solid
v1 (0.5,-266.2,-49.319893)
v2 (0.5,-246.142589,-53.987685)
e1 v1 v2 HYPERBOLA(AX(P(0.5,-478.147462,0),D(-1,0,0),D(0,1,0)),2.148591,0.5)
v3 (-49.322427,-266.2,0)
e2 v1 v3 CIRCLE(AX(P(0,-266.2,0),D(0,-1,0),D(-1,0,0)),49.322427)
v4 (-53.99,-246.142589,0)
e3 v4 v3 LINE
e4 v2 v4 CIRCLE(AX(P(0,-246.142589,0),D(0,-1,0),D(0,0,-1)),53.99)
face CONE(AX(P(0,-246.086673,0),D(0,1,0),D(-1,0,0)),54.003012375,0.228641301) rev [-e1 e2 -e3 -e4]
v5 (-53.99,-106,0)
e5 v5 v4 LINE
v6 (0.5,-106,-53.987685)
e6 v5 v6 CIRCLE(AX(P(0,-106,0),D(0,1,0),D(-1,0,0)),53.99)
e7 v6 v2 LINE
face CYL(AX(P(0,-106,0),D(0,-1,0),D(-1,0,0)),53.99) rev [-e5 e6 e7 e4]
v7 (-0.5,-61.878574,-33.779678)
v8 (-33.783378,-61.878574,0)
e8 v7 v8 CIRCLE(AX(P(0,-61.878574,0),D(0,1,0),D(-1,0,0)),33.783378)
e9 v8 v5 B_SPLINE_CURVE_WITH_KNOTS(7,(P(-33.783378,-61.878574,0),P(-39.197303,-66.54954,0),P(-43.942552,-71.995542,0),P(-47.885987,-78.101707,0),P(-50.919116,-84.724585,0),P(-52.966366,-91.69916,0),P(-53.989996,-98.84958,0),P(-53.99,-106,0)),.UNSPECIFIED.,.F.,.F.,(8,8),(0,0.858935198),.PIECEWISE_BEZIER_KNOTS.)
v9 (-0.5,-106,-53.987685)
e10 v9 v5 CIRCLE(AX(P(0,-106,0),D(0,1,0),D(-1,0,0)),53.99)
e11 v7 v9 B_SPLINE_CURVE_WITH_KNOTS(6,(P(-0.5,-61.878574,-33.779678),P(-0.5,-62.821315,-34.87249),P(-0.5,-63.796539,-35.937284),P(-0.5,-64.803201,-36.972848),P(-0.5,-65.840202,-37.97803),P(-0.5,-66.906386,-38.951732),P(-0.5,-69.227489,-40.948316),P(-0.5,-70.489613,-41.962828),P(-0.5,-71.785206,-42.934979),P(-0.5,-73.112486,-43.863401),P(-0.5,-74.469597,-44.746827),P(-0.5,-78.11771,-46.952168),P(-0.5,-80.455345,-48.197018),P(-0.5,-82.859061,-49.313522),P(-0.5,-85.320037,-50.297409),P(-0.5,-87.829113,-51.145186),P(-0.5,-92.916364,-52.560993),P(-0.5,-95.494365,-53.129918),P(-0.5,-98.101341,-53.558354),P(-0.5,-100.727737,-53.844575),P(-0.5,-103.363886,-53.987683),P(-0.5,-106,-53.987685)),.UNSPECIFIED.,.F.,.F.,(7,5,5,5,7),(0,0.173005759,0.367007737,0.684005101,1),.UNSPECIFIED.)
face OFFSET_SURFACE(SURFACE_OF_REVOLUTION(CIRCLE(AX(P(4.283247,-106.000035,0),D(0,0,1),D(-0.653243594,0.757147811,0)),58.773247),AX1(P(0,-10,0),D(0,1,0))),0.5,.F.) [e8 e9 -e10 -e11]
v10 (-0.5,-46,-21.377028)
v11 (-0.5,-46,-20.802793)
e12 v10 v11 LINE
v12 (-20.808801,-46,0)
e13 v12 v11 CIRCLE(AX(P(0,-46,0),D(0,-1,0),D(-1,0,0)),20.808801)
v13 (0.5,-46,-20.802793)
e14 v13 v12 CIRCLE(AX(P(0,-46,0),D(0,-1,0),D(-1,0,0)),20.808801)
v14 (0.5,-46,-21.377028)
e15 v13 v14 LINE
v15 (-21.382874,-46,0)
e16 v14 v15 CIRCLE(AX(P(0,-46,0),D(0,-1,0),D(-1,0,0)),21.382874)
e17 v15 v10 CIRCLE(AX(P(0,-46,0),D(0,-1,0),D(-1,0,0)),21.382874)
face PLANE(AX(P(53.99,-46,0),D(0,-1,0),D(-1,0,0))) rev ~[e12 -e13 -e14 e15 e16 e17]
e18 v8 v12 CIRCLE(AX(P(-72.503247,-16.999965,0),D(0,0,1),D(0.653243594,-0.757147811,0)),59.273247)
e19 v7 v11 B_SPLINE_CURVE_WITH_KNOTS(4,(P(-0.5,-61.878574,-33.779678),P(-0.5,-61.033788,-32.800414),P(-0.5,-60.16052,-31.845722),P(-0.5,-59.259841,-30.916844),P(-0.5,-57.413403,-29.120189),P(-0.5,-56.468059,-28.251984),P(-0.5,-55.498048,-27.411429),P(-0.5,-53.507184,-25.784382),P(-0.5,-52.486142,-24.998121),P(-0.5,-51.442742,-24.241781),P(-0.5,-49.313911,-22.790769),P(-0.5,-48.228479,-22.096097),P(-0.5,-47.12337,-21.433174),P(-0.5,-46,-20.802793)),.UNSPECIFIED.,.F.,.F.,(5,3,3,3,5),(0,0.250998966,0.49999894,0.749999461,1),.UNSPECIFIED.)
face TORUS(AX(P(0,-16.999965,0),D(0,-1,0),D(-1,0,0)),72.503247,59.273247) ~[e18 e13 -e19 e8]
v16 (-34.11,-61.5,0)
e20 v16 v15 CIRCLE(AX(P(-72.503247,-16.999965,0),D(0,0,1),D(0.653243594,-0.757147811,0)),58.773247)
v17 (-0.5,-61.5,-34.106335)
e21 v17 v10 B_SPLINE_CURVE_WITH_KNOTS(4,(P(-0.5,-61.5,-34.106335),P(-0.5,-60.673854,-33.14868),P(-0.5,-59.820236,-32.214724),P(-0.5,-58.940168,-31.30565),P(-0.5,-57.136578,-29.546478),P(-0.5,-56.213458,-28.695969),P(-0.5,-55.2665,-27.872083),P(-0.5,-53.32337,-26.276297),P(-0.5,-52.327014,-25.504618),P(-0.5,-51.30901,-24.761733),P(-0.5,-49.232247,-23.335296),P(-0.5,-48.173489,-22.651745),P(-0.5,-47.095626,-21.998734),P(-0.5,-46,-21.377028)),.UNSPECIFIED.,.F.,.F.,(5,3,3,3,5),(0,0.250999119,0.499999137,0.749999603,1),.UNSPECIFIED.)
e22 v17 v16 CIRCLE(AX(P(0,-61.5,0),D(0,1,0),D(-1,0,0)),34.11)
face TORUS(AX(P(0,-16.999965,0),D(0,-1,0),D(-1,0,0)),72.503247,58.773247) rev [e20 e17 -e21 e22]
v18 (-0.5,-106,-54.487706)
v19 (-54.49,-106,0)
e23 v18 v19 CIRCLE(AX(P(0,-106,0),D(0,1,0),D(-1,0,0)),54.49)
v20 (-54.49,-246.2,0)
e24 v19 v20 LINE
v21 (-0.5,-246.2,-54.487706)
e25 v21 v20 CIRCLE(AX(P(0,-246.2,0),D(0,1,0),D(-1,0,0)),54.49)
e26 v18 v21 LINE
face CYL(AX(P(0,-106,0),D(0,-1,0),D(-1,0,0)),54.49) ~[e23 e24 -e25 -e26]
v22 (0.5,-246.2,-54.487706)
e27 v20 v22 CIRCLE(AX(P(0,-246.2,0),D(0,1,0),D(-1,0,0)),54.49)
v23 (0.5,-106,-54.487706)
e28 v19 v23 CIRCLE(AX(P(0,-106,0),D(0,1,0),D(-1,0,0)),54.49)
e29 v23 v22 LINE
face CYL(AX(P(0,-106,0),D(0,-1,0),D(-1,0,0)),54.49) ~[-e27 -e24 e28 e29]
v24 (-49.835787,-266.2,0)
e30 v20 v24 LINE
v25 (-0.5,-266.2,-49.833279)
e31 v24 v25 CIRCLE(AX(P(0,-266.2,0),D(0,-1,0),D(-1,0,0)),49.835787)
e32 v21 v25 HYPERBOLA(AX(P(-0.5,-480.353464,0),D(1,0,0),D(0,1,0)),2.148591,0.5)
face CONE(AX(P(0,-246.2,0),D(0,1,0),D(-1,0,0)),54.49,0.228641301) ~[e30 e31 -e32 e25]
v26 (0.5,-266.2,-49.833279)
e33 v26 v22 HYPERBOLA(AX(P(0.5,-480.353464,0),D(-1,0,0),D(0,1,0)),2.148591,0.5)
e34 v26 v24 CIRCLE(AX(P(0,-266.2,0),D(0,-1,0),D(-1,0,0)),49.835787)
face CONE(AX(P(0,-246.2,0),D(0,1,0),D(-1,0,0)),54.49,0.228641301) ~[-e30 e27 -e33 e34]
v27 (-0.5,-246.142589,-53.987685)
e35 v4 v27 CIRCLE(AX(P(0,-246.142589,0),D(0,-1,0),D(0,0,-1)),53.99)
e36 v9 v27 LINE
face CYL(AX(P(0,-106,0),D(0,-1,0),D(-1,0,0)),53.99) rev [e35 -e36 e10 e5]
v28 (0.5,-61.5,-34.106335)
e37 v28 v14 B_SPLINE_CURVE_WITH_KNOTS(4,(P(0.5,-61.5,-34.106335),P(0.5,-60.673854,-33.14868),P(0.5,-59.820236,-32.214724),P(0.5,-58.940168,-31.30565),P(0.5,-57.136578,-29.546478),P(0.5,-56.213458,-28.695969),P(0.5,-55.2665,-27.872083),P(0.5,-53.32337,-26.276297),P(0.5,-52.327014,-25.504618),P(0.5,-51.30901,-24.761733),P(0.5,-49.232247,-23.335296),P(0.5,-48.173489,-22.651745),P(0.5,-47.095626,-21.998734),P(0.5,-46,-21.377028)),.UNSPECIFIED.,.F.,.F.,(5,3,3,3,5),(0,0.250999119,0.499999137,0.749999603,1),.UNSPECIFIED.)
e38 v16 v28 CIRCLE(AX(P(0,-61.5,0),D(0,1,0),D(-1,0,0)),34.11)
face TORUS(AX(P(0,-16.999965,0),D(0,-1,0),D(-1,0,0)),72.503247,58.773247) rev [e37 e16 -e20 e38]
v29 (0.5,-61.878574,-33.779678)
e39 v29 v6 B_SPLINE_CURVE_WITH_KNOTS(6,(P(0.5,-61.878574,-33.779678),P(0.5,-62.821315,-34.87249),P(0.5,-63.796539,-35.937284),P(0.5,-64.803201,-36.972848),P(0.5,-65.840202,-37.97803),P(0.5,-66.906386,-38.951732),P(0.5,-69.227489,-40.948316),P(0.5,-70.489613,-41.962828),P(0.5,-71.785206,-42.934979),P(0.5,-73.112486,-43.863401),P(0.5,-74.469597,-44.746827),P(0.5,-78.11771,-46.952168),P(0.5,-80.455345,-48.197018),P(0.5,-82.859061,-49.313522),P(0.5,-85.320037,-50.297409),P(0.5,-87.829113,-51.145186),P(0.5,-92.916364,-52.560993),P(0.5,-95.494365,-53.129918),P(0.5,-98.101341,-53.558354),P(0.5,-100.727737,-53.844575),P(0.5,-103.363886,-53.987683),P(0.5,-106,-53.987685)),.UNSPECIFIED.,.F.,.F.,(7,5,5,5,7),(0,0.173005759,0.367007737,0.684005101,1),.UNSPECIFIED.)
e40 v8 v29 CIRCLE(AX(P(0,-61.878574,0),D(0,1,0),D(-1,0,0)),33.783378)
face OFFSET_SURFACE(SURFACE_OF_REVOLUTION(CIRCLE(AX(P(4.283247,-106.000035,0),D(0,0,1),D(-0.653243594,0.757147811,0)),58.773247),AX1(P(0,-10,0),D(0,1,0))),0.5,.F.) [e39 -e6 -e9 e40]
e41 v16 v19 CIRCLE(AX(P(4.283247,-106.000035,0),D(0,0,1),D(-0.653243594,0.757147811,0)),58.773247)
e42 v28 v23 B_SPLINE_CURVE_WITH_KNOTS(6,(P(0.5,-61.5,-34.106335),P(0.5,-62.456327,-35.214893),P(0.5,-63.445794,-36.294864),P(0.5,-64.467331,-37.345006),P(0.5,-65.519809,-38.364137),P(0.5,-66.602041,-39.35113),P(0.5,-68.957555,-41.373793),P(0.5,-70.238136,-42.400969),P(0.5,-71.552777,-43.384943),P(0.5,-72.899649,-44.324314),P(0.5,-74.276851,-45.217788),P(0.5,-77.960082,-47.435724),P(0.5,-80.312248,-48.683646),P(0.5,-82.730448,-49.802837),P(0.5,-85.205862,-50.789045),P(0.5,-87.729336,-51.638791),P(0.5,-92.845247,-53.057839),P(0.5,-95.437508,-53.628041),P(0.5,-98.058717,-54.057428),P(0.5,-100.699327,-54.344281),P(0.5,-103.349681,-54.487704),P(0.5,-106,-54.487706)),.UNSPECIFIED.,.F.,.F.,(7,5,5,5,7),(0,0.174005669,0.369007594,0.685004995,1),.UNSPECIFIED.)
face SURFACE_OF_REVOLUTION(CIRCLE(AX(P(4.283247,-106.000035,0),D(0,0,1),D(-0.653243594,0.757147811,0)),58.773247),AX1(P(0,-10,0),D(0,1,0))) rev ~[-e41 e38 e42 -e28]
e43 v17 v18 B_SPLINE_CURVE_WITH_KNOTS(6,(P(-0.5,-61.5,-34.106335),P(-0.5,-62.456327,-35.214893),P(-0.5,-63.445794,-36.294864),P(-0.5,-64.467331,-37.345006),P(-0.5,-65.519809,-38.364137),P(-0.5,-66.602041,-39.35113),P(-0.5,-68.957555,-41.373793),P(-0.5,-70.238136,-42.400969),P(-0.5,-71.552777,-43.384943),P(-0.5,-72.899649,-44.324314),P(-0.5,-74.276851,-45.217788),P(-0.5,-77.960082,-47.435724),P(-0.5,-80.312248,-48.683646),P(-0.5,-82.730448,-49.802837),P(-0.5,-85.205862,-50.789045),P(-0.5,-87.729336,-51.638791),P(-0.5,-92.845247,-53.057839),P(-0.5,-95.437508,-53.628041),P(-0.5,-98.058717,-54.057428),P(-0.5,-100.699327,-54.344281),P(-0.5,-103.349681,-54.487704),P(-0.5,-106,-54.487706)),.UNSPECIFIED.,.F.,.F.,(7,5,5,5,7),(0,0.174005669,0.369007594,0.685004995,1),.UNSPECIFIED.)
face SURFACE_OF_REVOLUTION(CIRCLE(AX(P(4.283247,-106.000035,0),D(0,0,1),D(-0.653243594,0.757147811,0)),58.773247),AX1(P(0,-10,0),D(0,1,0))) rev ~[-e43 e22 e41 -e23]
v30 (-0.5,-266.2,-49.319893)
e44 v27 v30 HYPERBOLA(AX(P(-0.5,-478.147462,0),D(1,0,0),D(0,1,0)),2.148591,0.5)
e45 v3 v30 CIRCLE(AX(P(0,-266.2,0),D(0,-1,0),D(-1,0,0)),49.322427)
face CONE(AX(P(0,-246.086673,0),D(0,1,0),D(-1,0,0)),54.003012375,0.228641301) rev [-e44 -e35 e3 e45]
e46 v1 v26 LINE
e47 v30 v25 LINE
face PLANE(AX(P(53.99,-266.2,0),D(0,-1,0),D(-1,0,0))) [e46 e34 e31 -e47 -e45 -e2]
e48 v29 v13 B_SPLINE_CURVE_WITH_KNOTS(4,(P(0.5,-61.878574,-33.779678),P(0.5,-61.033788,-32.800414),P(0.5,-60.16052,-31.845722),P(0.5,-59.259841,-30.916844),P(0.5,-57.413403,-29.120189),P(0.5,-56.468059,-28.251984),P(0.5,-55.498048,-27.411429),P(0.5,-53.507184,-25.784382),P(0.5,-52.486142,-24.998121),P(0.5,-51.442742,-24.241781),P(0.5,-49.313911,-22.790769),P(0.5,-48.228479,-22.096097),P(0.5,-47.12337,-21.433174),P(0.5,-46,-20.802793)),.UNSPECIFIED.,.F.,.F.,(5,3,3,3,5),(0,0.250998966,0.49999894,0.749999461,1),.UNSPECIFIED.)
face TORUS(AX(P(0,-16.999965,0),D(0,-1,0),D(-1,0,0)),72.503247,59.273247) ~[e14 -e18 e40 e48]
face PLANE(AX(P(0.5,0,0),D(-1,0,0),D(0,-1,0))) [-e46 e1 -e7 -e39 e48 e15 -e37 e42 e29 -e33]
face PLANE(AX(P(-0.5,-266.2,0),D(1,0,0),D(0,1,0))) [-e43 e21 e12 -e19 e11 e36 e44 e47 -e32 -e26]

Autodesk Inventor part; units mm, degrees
ref_plane "YZ Plane" through (0, 0, 0) normal (1, 0, 0) x (0, 1, 0)
ref_plane "XZ Plane" through (0, 0, 0) normal (0, 1, 0) x (-1, 0, 0)
ref_plane "XY Plane" through (0, 0, 0) normal (0, 0, 1) x (1, 0, 0)
sketch "Sketch1" plane through (0, 0, 0) normal (0, 0, 1) x (1, 0, 0)
  line L0 (0, 0) -> (-13.73, 0)
  line L1 (-13.73, 0) -> (-13.73, -17)
  arc A0 (-34.11, -61.5) -> (-13.73, -17) centre (-72.5032, -17) ccw
  arc A1 (-34.11, -61.5) -> (-54.49, -106) centre (4.2832, -106) ccw
  line L2 (-54.49, -106) -> (-54.49, -246.2)
  line L3 (-54.49, -246.2) -> (-42.6683, -297)
  line L4 (-42.6683, -297) -> (0, -297)
  line L5 (0, -297) -> (0, 0)
  line L6 (0, -356.4) -> (0, 59.4) projected
  dimension "d0" = 13.73
  dimension "d1" = 17
  dimension "d2" = 54.49
  dimension "d3" = 106
  dimension "d4" = 13.1
  dimension "d5" = 297
  dimension "d6" = 50.8
revolve "Revolution1" add sketch "Sketch1" angle 360 about axis through (0, -10, 0) along (0, 1, 0)
shell "Shell1" thickness 0.5 removed faces 1 at (0.5517, 0, -4.0152)
sketch "Sketch2" plane through (0, 0, 0) normal (0, 0, 1) x (1, 0, 0)
  line L0 (53.99, -106) -> (-53.99, -106) projected
  line L1 (13.73, 0) -> (-13.73, 0) construction
  line L2 (-53.99, 0) -> (53.99, 0)
  line L3 (53.99, 0) -> (53.99, -46)
  line L4 (53.99, -46) -> (-53.99, -46)
  line L5 (-53.99, -46) -> (-53.99, 0)
  line L6 (53.99, -266.2) -> (-53.99, -266.2)
  line L7 (-53.99, -266.2) -> (-53.99, -297)
  line L8 (-53.99, -297) -> (53.99, -297)
  line L9 (53.99, -297) -> (53.99, -266.2)
  line L10 (42.6683, -297) -> (-42.6683, -297) projected
  line L11 (54.49, -246.2) -> (-54.49, -246.2) projected
  point P0 (0, 0)
  dimension "d10" = 60
  dimension "d11" = 20
extrude "circumferentialCuts" cut sketch "Sketch2" along normal through all both and the other way through all
sketch "Sketch3" plane through (0, 0, 0) normal (0, 0, 1) x (1, 0, 0)
  line L0 (-0.5, 0) -> (0.5, 0)
  line L1 (0.5, 0) -> (0.5, -266.2)
  line L2 (0.5, -266.2) -> (-0.5, -266.2)
  line L3 (-0.5, -266.2) -> (-0.5, 0)
  line L4 (49.8358, -266.2) -> (-49.8358, -266.2) projected
  point P0 (0, 0)
  point P1 (0, 0)
  dimension "d15" = 1
extrude "vertical" cut sketch "Sketch3" against normal through all
sketch "Sketch4" plane through (340.0931, -246.1426, -50.8714) normal (-0.0092, 0, 1) x (1, 0, 0.0092)
  line L0 (-31, 200.1426) -> (-30, 200.1426)
  line L1 (-30, 200.1426) -> (-30, 30)
  line L2 (-30, 30) -> (-31, 30)
  line L3 (-31, 30) -> (-31, 200.1426)
  line L4 (-309.6074, 200.1426) -> (-308.6074, 200.1426)
  line L5 (-308.6074, 200.1426) -> (-308.6074, 30)
  line L6 (-308.6074, 30) -> (-309.6074, 30)
  line L7 (-309.6074, 30) -> (-309.6074, 200.1426)
  line L8 (-0.8007, 200.1426) -> (-338.8067, 200.1426) projected
  line L9 (0, 0) -> (0, 140.1426) projected
  line L10 (0, 0) -> (-339.6074, 0) projected
  line L11 (-339.6074, 140.1426) -> (-339.6074, 0) projected
  dimension "d18" = 1
  dimension "d19" = 30
  dimension "d20" = 30
  dimension "d21" = 30
sketch "Sketch16" plane through (340.1023, -246.2, -51.3714) normal (0.0092, 0, -1) x (-1, 0, -0.0092)
  line L0 (0, 1) -> (30.0046, 31.0046)
  line L1 (30.0046, 30.0574) -> (30.0046, 140.2) projected
  line L2 (0, 140.2) -> (0, 0) projected
  point P0 (339.6166, 246.2)
  dimension "d87" = 45
  dimension "d88" = 1
sketch "Sketch23" plane through (0.5, -246.2, -54.4877) normal (0.0092, 0, -1) x (-1, 0, -0.0092)
  line L0 (0, 1) -> (-30.0046, 31.0046)
  line L1 (0, 0) -> (0, 140.2) projected
  line L2 (-30.0046, 140.2) -> (-30.0046, 30.0574) projected
  line L3 (-339.6166, 0) -> (0, 0) projected
  point P0 (0, 246.2)
  dimension "d136" = 45
  dimension "d137" = 1
sketch "Sketch17" plane through (202.4892, -243.6006, -50.6341) normal (-0.0092, 0, 1) x (1, 0, 0.0092)
  line L0 (105.596, 0) -> (105.596, 30.0046)
  line L1 (105.9965, 30.0046) -> (0, 30.0046) projected
  line L2 (0, 0) -> (136.0011, 0) projected
  line L3 (106.596, 27.458) -> (106.596, 137.6006) projected
  point P0 (-202.016, 243.6006)
  dimension "d101" = 1
sketch "Sketch24" plane through (2.081, -243.6006, -52.4731) normal (-0.0092, 0, 1) x (1, 0, 0.0092)
  line L0 (31.0046, 30.0046) -> (31.0046, 0)
  line L1 (-1.5994, 0) -> (136.0011, 0) projected
  line L2 (136.0011, 30.0046) -> (28.4052, 30.0046) projected
  point P0 (-1.5994, 243.6006)
  point P1 (0, 0)
  point P2 (136.0011, 0)
  point P3 (30.0046, 30.0046)
  point P4 (-1.5994, -2.5994)
  point P5 (28.4052, 27.458)
  dimension "d138" = 1
equation "\"d13\" = Thickness"
equation "\"d16\" = Thickness"
equation "\"BendRadius\" = Thickness"
equation "\"BendReliefWidth\" = Thickness"
equation "\"BendReliefDepth\" = 0.5 * Thickness"
equation "\"CornerReliefSize\" = 4 * Thickness"
equation "\"MinimumRemnant\" = 2 * Thickness"
equation "\"TransitionRadius\" = BendRadius"
equation "\"JacobiRadiusSize\" = BendRadius"
equation "\"GapSize\" = Thickness"
equation "\"Thickness\" = 0.5"
properties material "PET Plastic"
